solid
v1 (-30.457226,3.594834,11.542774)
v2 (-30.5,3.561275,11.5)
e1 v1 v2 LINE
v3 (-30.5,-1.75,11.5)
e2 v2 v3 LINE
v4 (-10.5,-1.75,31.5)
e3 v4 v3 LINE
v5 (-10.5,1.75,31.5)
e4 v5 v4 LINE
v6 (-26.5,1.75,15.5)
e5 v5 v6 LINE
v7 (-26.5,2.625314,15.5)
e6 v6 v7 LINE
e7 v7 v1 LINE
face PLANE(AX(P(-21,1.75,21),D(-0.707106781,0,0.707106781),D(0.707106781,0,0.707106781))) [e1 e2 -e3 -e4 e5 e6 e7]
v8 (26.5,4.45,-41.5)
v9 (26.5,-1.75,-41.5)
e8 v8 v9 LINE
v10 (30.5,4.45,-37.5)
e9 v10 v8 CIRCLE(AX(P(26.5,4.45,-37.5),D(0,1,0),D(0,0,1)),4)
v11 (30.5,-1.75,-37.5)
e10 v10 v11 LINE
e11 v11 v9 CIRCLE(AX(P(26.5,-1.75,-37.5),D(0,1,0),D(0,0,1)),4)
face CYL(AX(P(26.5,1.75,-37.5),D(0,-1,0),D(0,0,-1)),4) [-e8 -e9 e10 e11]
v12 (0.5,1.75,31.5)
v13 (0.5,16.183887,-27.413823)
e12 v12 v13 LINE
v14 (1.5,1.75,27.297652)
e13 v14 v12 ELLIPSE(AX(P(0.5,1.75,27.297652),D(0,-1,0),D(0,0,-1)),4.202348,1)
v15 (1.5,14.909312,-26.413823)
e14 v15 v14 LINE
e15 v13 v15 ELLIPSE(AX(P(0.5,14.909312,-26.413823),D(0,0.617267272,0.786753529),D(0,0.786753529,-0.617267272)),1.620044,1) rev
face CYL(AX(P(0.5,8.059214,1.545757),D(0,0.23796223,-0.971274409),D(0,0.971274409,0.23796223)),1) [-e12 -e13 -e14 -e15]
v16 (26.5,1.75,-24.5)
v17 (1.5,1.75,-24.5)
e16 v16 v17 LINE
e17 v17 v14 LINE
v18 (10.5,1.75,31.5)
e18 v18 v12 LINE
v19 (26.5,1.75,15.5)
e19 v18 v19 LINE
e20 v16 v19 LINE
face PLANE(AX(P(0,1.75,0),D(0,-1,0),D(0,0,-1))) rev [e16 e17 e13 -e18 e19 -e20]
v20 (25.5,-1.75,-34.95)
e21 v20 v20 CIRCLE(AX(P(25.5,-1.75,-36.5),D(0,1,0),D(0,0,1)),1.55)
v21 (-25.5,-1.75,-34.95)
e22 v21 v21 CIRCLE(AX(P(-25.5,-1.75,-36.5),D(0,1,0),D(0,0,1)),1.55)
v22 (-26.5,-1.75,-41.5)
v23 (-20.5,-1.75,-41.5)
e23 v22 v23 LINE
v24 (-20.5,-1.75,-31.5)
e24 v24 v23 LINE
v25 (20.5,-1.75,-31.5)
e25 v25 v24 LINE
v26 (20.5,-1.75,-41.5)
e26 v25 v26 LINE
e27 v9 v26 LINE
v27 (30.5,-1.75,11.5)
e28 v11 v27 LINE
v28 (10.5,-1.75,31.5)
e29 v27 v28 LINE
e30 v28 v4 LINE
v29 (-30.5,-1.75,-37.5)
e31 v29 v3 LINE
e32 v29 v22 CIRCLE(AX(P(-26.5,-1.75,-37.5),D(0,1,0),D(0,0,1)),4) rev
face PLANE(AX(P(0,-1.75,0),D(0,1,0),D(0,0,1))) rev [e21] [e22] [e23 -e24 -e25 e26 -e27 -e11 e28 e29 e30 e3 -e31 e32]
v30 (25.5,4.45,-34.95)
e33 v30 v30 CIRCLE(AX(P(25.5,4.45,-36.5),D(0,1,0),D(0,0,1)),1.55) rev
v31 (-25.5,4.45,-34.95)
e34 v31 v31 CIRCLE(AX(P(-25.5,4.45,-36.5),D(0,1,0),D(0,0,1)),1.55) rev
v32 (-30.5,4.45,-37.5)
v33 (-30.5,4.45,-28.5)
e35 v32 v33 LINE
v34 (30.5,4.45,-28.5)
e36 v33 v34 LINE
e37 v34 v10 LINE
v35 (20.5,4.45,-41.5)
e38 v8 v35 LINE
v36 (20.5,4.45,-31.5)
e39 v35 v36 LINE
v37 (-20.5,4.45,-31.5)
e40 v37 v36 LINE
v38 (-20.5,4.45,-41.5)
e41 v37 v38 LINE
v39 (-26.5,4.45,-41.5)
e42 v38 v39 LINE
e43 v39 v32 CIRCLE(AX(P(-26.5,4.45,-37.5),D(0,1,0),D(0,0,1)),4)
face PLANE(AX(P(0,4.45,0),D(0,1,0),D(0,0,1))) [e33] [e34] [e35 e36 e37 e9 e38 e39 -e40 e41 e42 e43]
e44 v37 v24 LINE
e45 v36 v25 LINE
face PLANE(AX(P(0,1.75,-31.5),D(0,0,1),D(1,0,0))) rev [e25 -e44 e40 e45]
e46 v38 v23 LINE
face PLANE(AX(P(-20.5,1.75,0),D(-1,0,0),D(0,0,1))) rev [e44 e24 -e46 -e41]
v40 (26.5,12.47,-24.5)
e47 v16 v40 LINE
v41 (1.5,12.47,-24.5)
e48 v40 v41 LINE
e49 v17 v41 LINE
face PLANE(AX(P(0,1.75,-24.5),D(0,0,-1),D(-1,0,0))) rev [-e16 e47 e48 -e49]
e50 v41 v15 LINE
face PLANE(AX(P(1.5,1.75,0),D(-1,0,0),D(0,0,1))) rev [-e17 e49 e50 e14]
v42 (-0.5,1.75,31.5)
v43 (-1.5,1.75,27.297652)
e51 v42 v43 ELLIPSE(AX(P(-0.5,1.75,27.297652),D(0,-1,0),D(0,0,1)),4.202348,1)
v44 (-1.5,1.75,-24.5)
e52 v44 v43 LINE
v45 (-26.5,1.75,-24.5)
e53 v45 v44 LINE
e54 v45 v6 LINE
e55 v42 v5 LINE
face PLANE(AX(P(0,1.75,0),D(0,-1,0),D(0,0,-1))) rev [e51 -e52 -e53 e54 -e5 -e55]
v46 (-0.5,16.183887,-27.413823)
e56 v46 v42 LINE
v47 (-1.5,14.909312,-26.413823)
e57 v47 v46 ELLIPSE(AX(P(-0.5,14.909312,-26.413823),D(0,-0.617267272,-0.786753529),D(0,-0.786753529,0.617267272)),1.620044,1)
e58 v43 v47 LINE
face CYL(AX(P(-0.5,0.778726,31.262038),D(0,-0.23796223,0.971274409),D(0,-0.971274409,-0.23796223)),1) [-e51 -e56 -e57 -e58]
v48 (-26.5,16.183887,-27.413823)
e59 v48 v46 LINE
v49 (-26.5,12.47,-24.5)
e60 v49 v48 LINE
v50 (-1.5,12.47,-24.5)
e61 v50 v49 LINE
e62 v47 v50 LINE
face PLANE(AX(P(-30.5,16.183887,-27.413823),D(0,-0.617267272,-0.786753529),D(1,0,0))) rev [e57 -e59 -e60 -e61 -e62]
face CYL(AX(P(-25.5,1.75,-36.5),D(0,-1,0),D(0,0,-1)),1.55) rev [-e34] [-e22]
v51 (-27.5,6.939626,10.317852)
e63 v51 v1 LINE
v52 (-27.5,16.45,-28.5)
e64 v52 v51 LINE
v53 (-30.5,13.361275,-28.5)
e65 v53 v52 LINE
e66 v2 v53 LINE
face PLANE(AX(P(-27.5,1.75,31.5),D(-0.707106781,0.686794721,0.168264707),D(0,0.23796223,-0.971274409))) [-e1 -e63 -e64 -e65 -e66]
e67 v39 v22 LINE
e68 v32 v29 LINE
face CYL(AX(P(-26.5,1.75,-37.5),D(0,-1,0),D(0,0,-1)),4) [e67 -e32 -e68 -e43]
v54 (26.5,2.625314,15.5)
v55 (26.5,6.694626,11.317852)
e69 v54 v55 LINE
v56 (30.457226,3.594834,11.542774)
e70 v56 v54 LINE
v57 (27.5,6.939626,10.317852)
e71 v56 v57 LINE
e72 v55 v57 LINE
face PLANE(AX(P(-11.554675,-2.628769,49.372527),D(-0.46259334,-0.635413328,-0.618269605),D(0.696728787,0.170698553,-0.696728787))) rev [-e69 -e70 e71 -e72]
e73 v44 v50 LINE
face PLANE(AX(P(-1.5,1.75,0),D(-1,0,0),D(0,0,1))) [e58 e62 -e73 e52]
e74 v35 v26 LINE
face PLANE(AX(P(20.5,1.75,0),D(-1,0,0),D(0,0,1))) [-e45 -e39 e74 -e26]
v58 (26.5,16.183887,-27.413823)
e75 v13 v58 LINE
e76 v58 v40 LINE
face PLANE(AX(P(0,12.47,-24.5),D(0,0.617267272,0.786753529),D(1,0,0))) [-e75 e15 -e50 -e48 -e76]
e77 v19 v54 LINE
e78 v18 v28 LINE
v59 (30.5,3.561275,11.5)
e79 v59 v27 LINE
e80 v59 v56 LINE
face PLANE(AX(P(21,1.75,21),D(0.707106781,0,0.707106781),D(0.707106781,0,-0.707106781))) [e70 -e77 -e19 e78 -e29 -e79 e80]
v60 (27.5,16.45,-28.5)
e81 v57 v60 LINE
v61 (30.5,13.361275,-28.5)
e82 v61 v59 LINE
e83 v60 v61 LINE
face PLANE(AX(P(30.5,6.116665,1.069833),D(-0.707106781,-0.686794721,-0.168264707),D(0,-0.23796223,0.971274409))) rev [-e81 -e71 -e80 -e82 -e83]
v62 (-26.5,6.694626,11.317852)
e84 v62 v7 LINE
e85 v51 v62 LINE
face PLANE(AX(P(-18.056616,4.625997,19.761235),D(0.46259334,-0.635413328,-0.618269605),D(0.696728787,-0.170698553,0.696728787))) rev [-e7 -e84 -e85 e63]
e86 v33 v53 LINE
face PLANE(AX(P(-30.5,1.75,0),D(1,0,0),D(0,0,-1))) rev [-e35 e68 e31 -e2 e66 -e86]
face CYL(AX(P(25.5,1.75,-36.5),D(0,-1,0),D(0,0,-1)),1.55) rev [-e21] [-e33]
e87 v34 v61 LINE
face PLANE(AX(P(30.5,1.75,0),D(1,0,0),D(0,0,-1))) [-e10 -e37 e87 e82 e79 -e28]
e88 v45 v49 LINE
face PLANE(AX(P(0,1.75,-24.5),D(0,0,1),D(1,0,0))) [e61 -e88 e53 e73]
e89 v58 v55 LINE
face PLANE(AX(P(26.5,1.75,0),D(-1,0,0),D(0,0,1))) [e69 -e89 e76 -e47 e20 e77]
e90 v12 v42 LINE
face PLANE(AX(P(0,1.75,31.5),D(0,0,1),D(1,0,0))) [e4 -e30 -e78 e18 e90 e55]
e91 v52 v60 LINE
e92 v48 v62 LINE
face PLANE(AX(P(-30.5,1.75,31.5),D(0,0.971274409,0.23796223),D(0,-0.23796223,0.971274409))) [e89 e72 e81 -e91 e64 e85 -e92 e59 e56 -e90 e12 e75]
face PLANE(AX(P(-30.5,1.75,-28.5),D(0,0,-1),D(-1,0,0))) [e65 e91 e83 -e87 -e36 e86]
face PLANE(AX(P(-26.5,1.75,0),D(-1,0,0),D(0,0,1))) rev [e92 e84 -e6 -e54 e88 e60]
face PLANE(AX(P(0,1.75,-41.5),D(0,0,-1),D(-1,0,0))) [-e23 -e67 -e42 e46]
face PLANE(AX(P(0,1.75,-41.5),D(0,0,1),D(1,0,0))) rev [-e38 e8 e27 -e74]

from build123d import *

# Parameters (mm, degrees)
SKETCH1_R                = 1.55
BOSS_EXTRUDE1_DEPTH      = 1.75
SKETCH2_R                = 1.55
BOSS_EXTRUDE2_DEPTH      = 2.7
BOSS_EXTRUDE3_DEPTH      = 30.5
BOSS_EXTRUDE3_DEPTH_BACK = 30.5
CUT_EXTRUDE1_DEPTH       = 14.7
CHAMFER2_SIZE            = 3
FILLET2_R                = 1


with BuildPart() as part:
    # Sketch1 → Boss-Extrude1 (new, symmetric)
    # profile 1 of 3: a face of its own
    with BuildSketch(Plane(origin=(0, 0, 0), x_dir=(1, 0, 0), z_dir=(0, 1, 0))):
        Polygon((-10.5, -31.5), (-30.5, -11.5), (-30.5, 31.5), (30.5, 31.5), (30.5, -11.5), (10.5, -31.5), align=None)
    # profile 2 of 3: a face of its own
    with BuildSketch(Plane(origin=(0, 0, 0), x_dir=(1, 0, 0), z_dir=(0, 1, 0))):
        with BuildLine():
            Line((20.5, 31.5), (30.5, 31.5))
            Line((30.5, 31.5), (30.5, 37.5))
            ThreePointArc((30.5, 37.5), (29.328427125, 40.328427125), (26.5, 41.5))
            Line((26.5, 41.5), (20.5, 41.5))
            Line((20.5, 41.5), (20.5, 31.5))
        make_face()
        with Locations(Location((25.5, 36.5, 0), (0, 0, 270))):
            Circle(SKETCH1_R, mode=Mode.SUBTRACT)
    # profile 3 of 3: a face of its own
    with BuildSketch(Plane(origin=(0, 0, 0), x_dir=(1, 0, 0), z_dir=(0, 1, 0))):
        with BuildLine():
            Line((-30.5, 31.5), (-20.5, 31.5))
            Line((-20.5, 31.5), (-20.5, 41.5))
            Line((-20.5, 41.5), (-26.5, 41.5))
            ThreePointArc((-26.5, 41.5), (-29.328427125, 40.328427125), (-30.5, 37.5))
            Line((-30.5, 37.5), (-30.5, 31.5))
        make_face()
        with Locations(Location((-25.5, 36.5, 0), (0, 0, 270))):
            Circle(SKETCH1_R, mode=Mode.SUBTRACT)
    extrude(amount=BOSS_EXTRUDE1_DEPTH, both=True)

    # Sketch2 → Boss-Extrude2 (add)
    # profile 1 of 3: a face of its own
    with BuildSketch(Plane(origin=(0, 1.75, 0), x_dir=(1, 0, 0), z_dir=(0, 1, 0))):
        with BuildLine():
            Line((-20.5, 31.5), (-20.5, 41.5))
            Line((-20.5, 41.5), (-26.5, 41.5))
            ThreePointArc((-26.5, 41.5), (-29.328427125, 40.328427125), (-30.5, 37.5))
            Line((-30.5, 37.5), (-30.5, 31.5))
            Line((-30.5, 31.5), (-20.5, 31.5))
        make_face()
        with Locations(Location((-25.5, 36.5, 0), (0, 0, 270))):
            Circle(SKETCH2_R, mode=Mode.SUBTRACT)
    # profile 2 of 3: a face of its own
    with BuildSketch(Plane(origin=(0, 1.75, 0), x_dir=(1, 0, 0), z_dir=(0, 1, 0))):
        Polygon((20.5, 31.5), (-20.5, 31.5), (-30.5, 31.5), (-30.5, 28.5), (30.5, 28.5), (30.5, 31.5), align=None)
    # profile 3 of 3: a face of its own
    with BuildSketch(Plane(origin=(0, 1.75, 0), x_dir=(1, 0, 0), z_dir=(0, 1, 0))):
        with BuildLine():
            Line((20.5, 41.5), (20.5, 31.5))
            Line((20.5, 31.5), (30.5, 31.5))
            Line((30.5, 31.5), (30.5, 37.5))
            ThreePointArc((30.5, 37.5), (29.328427125, 40.328427125), (26.5, 41.5))
            Line((26.5, 41.5), (20.5, 41.5))
        make_face()
        with Locations(Location((25.5, 36.5, 0), (0, 0, 270))):
            Circle(SKETCH2_R, mode=Mode.SUBTRACT)
    extrude(amount=BOSS_EXTRUDE2_DEPTH)

    # Sketch3 → Boss-Extrude3 (add, two sides: drawn at the far end of the back side and taken through both)
    with BuildSketch(Plane(origin=(0, 0, 0), x_dir=(0, 0, -1), z_dir=(1, 0, 0)).offset(-BOSS_EXTRUDE3_DEPTH_BACK)):
        Polygon((28.5, 1.75), (-31.5, 1.75), (28.5, 16.45), align=None)
    extrude(amount=BOSS_EXTRUDE3_DEPTH + BOSS_EXTRUDE3_DEPTH_BACK)

    # Sketch4 → Cut-Extrude1 (cut)
    with BuildSketch(Plane(origin=(0, 16.45, 0), x_dir=(-1, 0, 0), z_dir=(0, -1, 0))):
        Polygon((26.5, -15.5), (26.5, 24.5), (1.5, 24.5), (1.5, -31.5), (10.5, -31.5), align=None)
        Polygon((-26.5, -15.5), (-10.5, -31.5), (-1.5, -31.5), (-1.5, 24.5), (-26.5, 24.5), align=None)
        Polygon((26.5, -31.5), (26.5, -15.5), (10.5, -31.5), align=None)
        Polygon((30.5, -11.5), (26.5, -15.5), (26.5, -31.5), (30.5, -31.5), align=None)
        Polygon((-26.5, -15.5), (-26.5, -31.5), (-10.5, -31.5), align=None)
        Polygon((-30.5, -31.5), (-26.5, -31.5), (-26.5, -15.5), (-30.5, -11.5), align=None)
    extrude(amount=CUT_EXTRUDE1_DEPTH, mode=Mode.SUBTRACT)

    # Chamfer2
    chamfer2_edges = [part.edges().sort_by_distance(p)[0] for p in [
        (28.5, 6.16, 13.5),
        (14, 15.47, -24.5),
        (-14, 15.47, -24.5),
        (-28.5, 6.16, 13.5),
        (-30.5, 11.55, -8.5),
        (30.5, 11.55, -8.5),
    ]]
    chamfer(chamfer2_edges, length=CHAMFER2_SIZE)

    # Fillet2
    fillet2_edges = [part.edges().sort_by_distance(p)[0] for p in [
        (1.5, 8.966943345, 2.043088387),
        (-1.5, 8.966943345, 2.043088387),
    ]]
    fillet(fillet2_edges, radius=FILLET2_R)


solid = part.part
